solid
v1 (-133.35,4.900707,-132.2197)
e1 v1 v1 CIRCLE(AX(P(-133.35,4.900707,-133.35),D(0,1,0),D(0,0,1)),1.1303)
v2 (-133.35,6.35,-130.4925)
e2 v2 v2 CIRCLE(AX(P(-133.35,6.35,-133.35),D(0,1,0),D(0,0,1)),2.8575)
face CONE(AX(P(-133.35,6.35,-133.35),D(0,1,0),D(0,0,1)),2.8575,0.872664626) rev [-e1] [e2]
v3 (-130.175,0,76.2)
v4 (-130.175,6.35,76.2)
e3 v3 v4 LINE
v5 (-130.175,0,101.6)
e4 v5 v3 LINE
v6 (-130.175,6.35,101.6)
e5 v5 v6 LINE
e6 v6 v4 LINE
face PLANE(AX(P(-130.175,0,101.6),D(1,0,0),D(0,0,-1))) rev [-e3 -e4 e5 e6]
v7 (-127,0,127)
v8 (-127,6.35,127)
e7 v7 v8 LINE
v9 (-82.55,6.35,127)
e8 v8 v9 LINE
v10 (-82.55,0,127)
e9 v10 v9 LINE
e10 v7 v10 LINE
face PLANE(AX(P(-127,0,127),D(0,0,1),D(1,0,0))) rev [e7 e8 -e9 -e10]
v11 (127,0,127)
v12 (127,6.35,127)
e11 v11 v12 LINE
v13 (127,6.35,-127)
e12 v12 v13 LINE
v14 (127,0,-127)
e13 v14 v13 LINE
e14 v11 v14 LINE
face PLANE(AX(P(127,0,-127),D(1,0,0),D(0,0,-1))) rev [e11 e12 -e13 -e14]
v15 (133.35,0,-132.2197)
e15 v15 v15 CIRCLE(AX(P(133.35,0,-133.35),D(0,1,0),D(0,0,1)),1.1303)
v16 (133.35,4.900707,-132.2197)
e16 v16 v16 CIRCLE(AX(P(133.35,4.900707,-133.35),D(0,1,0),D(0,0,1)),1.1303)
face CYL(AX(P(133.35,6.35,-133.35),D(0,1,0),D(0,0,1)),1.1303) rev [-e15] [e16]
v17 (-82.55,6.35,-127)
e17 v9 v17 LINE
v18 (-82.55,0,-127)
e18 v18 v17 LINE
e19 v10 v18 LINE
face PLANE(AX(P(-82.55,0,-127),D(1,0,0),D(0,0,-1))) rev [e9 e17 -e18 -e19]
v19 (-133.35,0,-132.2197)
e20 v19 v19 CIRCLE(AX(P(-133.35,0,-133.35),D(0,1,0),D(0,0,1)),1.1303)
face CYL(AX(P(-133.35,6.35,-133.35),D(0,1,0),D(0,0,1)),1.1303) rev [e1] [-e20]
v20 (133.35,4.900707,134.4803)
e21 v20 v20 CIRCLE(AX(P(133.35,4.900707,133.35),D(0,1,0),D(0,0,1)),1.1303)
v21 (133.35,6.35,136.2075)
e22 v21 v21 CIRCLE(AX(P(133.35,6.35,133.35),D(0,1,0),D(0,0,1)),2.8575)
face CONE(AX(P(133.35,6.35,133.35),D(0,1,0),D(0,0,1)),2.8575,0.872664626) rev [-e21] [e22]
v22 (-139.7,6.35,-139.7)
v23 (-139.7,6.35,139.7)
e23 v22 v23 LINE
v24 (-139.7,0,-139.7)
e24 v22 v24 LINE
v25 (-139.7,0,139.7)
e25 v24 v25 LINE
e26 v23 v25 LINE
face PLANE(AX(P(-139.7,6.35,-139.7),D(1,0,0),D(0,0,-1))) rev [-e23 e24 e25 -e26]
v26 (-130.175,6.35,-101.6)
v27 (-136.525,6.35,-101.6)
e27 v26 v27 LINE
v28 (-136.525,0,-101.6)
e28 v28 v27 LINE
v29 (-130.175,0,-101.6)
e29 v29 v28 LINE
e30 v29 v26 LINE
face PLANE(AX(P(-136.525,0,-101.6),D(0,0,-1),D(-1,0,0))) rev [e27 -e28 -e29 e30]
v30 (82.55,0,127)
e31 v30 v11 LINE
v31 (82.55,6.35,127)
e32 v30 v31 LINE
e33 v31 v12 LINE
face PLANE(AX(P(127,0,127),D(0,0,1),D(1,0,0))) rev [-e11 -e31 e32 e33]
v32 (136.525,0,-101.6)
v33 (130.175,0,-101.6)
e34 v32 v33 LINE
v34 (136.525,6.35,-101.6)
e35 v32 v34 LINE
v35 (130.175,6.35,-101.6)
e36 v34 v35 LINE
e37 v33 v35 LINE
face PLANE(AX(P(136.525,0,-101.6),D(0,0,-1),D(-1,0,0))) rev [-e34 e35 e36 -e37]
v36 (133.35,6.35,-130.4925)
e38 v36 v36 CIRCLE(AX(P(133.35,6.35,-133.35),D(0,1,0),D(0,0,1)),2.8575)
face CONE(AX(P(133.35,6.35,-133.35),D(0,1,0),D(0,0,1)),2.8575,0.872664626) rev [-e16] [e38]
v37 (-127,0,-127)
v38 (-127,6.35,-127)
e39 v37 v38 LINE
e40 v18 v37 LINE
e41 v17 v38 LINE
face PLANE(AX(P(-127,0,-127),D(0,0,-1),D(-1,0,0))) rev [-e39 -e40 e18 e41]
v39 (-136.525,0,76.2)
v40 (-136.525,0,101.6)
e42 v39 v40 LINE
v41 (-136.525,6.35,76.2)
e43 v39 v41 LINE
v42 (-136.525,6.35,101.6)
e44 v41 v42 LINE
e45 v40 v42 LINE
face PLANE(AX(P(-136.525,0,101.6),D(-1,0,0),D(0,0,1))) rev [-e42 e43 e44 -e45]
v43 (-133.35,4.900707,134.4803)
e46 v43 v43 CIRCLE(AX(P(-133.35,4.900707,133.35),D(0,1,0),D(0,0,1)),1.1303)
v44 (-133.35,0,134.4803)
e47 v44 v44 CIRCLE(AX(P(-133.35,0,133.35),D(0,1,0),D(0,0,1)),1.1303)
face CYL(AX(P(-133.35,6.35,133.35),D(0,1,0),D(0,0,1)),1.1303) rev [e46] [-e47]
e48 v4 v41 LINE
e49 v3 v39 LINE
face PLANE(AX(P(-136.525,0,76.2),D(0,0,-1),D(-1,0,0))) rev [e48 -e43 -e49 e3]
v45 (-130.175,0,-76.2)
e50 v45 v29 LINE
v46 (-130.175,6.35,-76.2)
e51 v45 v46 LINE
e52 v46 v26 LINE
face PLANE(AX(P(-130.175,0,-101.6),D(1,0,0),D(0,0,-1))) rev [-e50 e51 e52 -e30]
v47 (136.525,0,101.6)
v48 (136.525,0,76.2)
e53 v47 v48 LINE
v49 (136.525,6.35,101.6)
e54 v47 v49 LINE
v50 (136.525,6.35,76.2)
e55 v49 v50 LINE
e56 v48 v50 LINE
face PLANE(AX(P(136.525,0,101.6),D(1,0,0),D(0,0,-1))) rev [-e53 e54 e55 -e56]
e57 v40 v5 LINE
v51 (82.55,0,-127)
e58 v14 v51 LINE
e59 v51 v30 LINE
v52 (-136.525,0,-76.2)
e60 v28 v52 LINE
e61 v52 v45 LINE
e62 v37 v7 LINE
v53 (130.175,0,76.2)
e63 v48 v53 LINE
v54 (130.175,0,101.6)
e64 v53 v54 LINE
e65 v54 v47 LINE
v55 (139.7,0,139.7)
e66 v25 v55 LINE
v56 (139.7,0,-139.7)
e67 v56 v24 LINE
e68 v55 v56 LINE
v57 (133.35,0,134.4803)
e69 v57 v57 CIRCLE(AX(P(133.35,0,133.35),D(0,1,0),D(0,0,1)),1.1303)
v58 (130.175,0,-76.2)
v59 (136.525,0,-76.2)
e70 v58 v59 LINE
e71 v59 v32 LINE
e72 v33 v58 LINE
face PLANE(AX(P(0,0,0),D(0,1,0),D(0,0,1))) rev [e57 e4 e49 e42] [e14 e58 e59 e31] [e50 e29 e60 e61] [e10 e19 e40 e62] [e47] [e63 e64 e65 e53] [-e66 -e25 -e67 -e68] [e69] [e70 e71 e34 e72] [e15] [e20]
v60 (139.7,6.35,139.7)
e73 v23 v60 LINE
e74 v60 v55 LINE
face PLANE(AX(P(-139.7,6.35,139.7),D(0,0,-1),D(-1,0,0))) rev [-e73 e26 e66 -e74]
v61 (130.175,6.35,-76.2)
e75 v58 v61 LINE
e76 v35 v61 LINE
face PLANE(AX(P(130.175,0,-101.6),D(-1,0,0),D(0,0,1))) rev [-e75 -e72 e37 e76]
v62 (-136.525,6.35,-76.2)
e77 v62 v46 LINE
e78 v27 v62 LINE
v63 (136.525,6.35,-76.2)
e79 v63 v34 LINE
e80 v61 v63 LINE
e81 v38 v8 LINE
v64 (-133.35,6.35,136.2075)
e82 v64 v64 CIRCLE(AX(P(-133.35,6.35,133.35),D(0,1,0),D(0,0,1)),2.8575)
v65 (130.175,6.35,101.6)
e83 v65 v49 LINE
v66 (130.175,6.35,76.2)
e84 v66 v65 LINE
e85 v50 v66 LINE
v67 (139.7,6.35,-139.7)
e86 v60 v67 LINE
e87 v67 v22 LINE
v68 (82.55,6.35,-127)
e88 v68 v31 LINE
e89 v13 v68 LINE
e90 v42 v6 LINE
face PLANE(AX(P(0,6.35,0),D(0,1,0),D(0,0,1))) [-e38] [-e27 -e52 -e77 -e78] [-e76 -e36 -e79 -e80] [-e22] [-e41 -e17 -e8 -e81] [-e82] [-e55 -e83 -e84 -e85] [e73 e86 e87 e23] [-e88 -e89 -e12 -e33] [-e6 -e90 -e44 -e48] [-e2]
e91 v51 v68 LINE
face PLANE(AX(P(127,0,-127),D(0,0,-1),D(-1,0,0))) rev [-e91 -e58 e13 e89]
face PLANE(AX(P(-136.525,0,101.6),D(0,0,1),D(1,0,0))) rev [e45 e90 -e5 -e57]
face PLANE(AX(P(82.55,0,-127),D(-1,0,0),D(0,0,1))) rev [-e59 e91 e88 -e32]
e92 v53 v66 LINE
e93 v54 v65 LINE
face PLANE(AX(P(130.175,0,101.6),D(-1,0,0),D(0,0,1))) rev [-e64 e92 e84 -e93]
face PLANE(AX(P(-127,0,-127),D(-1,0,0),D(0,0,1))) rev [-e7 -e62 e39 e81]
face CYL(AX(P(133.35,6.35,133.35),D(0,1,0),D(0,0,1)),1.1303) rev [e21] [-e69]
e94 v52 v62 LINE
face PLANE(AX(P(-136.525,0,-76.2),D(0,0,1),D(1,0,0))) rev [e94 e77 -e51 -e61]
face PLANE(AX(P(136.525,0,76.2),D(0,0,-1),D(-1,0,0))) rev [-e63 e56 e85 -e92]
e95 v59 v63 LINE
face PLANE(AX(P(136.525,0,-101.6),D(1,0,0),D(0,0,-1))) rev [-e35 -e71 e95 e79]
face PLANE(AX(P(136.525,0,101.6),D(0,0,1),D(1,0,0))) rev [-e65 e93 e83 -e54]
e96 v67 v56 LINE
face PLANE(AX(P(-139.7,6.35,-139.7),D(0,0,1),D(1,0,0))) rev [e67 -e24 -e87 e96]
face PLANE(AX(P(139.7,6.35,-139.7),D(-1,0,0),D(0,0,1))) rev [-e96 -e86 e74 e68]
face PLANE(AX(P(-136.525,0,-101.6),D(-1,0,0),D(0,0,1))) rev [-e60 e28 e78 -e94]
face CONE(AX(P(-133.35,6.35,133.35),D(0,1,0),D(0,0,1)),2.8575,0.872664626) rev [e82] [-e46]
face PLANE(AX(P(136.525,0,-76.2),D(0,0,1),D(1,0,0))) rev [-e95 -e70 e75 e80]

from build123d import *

# Parameters (mm, degrees)
SKETCH1_W                       = 279.4
SKETCH1_H                       = 279.4
BOSS_EXTRUDE1_DEPTH             = 6.35
SKETCH2_W                       = 44.45
SKETCH2_H                       = 254
SKETCH2_W_2                     = 6.35
SKETCH2_H_2                     = 25.4
CUT_EXTRUDE1_DEPTH              = 7.35
F_4_40_TAPPED_HOLE1_D           = 2.2606
F_4_40_TAPPED_HOLE1_CSINK_D     = 5.715
F_4_40_TAPPED_HOLE1_CSINK_ANGLE = 100


with BuildPart() as part:
    # Sketch1 → Boss-Extrude1 (new body)
    with BuildSketch(Plane(origin=(0, 0, 0), x_dir=(1, 0, 0), z_dir=(0, 1, 0))):
        Rectangle(SKETCH1_W, SKETCH1_H)
    extrude(amount=BOSS_EXTRUDE1_DEPTH)

    # Sketch2 → Cut-Extrude1 (cut, through all)
    with BuildSketch(Plane(origin=(0, 6.35, 0), x_dir=(1, 0, 0), z_dir=(0, 1, 0))):
        with Locations((-104.775, 0)):
            Rectangle(SKETCH2_W, SKETCH2_H)
        with Locations((104.775, 0)):
            Rectangle(SKETCH2_W, SKETCH2_H)
        with Locations((133.35, 88.9)):
            Rectangle(SKETCH2_W_2, SKETCH2_H_2)
        with Locations((-133.35, 88.9)):
            Rectangle(SKETCH2_W_2, SKETCH2_H_2)
        with Locations((133.35, -88.9)):
            Rectangle(SKETCH2_W_2, SKETCH2_H_2)
        with Locations((-133.35, -88.9)):
            Rectangle(SKETCH2_W_2, SKETCH2_H_2)
    extrude(amount=-CUT_EXTRUDE1_DEPTH, mode=Mode.SUBTRACT)

    # #4-40 Tapped Hole1 (through all)
    with Locations(Plane(origin=(0, 6.35, 0), x_dir=(1, 0, 0), z_dir=(0, 1, 0))):
        with Locations((-133.35, 133.35), (-133.35, -133.35), (133.35, -133.35), (133.35, 133.35)):
            CounterSinkHole(F_4_40_TAPPED_HOLE1_D / 2, F_4_40_TAPPED_HOLE1_CSINK_D / 2, counter_sink_angle=F_4_40_TAPPED_HOLE1_CSINK_ANGLE)


solid = part.part
